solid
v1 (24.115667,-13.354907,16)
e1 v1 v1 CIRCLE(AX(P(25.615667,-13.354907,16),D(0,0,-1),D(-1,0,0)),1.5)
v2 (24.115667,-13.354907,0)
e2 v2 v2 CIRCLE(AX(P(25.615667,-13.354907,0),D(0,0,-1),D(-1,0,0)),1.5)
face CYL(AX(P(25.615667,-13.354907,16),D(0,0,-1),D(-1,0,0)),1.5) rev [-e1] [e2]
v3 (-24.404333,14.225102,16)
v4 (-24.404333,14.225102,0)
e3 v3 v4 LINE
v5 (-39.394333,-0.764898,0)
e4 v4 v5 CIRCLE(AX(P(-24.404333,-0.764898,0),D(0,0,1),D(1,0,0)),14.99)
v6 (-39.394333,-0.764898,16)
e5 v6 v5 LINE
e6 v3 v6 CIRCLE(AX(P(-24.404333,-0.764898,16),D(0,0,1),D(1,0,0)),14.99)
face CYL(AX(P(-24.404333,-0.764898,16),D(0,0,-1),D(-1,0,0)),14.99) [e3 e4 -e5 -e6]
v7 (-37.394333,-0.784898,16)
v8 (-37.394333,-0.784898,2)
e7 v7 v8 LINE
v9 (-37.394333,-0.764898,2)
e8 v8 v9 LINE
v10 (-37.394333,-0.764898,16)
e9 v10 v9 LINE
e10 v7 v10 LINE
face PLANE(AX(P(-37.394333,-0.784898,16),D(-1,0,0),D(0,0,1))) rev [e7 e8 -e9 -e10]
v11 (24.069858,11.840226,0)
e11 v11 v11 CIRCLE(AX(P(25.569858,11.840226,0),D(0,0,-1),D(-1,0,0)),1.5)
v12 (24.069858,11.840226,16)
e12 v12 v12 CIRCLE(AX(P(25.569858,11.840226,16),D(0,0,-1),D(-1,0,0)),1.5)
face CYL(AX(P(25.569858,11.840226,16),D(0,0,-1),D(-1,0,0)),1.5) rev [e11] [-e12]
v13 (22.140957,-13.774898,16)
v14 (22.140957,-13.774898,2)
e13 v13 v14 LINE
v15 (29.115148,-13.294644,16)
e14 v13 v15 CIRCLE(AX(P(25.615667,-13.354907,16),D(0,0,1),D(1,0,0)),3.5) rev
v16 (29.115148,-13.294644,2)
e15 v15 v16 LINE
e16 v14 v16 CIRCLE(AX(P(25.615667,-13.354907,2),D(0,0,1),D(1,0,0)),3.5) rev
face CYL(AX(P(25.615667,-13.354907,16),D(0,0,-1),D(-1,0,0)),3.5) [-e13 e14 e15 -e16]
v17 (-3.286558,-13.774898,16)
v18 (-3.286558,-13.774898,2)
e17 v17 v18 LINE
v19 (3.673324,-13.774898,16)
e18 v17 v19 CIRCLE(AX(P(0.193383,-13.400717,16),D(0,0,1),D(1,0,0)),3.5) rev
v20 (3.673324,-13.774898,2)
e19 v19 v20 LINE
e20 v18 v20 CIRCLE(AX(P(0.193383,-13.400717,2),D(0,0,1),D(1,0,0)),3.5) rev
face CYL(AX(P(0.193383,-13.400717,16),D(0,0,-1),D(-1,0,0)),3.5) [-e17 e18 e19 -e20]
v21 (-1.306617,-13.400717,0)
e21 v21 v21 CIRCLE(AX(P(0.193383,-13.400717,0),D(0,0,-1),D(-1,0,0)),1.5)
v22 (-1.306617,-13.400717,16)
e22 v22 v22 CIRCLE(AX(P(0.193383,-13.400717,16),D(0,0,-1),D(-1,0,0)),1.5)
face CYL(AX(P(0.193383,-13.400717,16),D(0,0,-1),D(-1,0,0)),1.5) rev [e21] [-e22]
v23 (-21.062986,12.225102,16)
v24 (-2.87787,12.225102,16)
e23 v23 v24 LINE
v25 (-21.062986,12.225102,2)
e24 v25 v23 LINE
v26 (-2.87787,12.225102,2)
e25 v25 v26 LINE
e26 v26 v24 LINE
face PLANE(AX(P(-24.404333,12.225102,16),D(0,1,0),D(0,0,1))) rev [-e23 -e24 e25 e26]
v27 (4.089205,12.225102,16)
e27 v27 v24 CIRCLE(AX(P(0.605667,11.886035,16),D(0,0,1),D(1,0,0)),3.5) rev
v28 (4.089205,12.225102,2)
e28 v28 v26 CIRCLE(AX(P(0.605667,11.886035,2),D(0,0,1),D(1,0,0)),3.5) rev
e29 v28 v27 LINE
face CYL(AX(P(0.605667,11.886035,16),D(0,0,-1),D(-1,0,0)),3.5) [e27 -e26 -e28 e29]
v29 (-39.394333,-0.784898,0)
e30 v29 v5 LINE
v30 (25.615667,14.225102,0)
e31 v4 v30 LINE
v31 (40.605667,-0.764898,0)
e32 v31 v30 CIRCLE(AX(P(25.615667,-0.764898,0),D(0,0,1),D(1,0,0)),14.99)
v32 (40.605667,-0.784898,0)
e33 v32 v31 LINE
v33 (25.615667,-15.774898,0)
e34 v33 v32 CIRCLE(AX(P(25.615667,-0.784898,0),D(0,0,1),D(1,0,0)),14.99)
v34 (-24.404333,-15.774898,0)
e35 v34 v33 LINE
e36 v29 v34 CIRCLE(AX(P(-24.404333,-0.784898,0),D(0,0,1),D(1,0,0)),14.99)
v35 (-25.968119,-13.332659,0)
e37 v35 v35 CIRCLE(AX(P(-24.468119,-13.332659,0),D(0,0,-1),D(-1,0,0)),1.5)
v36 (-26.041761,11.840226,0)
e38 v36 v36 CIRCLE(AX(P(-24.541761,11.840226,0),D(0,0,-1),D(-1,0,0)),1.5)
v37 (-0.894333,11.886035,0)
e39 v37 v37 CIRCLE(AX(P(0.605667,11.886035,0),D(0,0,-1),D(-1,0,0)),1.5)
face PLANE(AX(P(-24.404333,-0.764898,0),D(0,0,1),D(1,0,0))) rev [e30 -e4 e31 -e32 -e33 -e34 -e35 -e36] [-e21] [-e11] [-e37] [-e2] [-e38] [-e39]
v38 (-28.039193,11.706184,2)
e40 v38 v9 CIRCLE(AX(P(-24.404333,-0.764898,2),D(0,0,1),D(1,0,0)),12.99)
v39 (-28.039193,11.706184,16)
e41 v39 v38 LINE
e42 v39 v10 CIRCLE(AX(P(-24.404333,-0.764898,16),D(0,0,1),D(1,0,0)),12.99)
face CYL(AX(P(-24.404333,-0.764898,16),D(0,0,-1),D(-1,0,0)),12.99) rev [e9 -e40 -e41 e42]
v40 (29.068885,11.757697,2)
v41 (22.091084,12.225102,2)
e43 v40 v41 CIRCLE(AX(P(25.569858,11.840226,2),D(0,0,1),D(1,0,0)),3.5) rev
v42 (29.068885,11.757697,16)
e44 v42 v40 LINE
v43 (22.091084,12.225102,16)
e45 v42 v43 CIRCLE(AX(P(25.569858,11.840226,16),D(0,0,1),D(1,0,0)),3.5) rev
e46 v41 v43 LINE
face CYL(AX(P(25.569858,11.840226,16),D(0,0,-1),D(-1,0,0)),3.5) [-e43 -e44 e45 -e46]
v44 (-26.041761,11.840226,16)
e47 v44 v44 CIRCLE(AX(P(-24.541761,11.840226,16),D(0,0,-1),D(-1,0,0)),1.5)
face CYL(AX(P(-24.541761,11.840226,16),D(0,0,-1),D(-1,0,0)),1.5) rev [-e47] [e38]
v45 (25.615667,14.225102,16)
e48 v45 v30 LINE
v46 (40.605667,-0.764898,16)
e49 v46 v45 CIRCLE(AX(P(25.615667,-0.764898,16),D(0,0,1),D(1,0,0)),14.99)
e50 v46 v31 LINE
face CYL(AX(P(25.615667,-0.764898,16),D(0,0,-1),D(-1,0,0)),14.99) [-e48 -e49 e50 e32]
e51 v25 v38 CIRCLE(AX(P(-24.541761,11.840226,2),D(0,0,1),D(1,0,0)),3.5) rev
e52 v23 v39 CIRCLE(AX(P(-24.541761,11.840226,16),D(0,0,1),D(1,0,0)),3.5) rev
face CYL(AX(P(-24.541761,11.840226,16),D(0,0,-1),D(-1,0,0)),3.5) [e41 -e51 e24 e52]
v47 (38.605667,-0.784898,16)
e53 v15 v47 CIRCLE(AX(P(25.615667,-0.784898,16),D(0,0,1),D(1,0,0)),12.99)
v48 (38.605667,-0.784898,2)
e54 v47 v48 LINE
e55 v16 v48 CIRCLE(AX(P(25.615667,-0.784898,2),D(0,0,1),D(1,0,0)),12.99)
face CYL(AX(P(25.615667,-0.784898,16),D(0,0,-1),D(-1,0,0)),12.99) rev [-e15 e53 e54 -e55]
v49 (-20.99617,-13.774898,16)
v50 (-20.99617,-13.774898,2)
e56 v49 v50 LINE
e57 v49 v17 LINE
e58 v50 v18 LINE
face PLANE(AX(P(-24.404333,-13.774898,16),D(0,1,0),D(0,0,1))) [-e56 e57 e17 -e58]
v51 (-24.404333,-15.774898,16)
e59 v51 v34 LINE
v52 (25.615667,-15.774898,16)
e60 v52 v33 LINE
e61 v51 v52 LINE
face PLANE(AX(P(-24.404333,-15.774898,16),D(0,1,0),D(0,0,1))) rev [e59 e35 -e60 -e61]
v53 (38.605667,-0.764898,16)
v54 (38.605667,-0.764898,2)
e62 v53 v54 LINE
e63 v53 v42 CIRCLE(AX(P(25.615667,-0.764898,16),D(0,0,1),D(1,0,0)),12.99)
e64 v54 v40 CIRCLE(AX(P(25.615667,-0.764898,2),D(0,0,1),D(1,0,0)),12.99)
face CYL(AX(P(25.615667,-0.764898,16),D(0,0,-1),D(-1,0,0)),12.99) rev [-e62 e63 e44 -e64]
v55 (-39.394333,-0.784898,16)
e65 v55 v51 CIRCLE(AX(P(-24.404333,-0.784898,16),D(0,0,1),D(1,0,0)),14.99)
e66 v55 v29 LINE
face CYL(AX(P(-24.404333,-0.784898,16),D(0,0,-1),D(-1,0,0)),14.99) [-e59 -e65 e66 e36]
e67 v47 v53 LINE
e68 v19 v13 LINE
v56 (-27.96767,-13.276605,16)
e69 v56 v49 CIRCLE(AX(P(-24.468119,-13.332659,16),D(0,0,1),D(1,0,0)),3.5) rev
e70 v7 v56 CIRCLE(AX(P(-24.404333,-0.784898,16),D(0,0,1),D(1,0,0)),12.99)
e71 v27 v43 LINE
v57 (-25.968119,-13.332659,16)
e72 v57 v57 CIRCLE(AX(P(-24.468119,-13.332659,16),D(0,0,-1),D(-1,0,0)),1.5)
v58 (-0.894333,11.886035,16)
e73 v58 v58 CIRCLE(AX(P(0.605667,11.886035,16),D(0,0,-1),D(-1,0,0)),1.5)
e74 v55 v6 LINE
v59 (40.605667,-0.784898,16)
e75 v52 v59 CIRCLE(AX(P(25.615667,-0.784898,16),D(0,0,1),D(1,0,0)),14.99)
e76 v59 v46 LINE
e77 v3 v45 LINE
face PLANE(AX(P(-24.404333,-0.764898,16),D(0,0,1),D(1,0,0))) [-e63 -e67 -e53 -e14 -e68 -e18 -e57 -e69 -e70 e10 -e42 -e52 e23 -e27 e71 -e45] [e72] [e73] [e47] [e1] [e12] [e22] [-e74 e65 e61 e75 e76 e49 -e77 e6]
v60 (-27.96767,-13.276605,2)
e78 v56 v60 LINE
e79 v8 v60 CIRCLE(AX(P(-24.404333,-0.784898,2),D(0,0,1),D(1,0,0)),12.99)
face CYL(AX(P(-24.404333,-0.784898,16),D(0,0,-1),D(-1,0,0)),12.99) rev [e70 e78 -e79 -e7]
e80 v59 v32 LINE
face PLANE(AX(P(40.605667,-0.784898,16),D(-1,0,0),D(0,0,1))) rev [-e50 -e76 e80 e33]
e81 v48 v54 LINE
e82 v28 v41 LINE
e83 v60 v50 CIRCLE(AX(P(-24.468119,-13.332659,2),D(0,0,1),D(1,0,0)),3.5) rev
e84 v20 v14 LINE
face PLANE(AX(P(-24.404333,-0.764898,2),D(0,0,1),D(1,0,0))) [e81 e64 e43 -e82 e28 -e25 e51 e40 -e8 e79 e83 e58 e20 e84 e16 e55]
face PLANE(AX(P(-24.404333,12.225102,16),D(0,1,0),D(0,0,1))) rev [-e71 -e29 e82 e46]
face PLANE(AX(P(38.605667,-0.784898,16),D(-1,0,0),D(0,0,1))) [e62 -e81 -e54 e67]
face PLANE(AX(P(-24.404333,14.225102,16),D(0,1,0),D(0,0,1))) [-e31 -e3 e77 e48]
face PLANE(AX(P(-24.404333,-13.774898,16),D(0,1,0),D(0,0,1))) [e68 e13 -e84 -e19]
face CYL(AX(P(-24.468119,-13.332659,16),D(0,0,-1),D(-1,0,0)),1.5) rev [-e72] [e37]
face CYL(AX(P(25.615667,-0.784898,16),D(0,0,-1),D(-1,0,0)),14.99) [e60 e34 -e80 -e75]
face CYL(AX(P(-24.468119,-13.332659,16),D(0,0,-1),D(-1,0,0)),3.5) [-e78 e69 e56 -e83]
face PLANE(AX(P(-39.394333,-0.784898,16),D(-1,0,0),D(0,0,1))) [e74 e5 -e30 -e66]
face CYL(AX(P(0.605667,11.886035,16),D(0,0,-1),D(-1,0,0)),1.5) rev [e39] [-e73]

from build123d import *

# Parameters (mm, degrees)
SKETCH3_R           = 1.5
BOSS_EXTRUDE2_DEPTH = 16
SHELL4_T            = -2


with BuildPart() as part:
    # Sketch3 → Boss-Extrude2 (new body)
    with BuildSketch(Plane.XY):
        with BuildLine():
            Line((40.605667182, -0.784898421), (40.605667182, -0.764898421))
            ThreePointArc((40.605667182, -0.764898421), (36.215197832, 9.834632229), (25.615667182, 14.225101579))
            Line((25.615667182, 14.225101579), (-24.404332818, 14.225101579))
            ThreePointArc((-24.404332818, 14.225101579), (-35.003863468, 9.834632229), (-39.394332818, -0.764898421))
            Line((-39.394332818, -0.764898421), (-39.394332818, -0.784898421))
            ThreePointArc((-39.394332818, -0.784898421), (-35.003863468, -11.384429071), (-24.404332818, -15.774898421))
            Line((-24.404332818, -15.774898421), (25.615667182, -15.774898421))
            ThreePointArc((25.615667182, -15.774898421), (36.215197832, -11.384429071), (40.605667182, -0.784898421))
        make_face()
        with Locations(Location((25.569857848, 11.840225967, 0), (0, 0, 180))):
            Circle(SKETCH3_R, mode=Mode.SUBTRACT)
        with Locations(Location((25.615667182, -13.354907477, 0), (0, 0, 180))):
            Circle(SKETCH3_R, mode=Mode.SUBTRACT)
        with Locations(Location((0.19338318, -13.400716811, 0), (0, 0, 180))):
            Circle(SKETCH3_R, mode=Mode.SUBTRACT)
        with Locations(Location((0.605667182, 11.8860353, 0), (0, 0, 180))):
            Circle(SKETCH3_R, mode=Mode.SUBTRACT)
        with Locations(Location((-24.541760819, 11.840225967, 0), (0, 0, 180))):
            Circle(SKETCH3_R, mode=Mode.SUBTRACT)
        with Locations(Location((-24.468118501, -13.332659391, 0), (0, 0, 180))):
            Circle(SKETCH3_R, mode=Mode.SUBTRACT)
    extrude(amount=BOSS_EXTRUDE2_DEPTH)

    # Shell4
    shell4_openings = [part.faces().sort_by_distance(p)[0] for p in [
        (0.60782007, -0.775315064, 16),
    ]]
    offset(amount=SHELL4_T, openings=shell4_openings)


solid = part.part
